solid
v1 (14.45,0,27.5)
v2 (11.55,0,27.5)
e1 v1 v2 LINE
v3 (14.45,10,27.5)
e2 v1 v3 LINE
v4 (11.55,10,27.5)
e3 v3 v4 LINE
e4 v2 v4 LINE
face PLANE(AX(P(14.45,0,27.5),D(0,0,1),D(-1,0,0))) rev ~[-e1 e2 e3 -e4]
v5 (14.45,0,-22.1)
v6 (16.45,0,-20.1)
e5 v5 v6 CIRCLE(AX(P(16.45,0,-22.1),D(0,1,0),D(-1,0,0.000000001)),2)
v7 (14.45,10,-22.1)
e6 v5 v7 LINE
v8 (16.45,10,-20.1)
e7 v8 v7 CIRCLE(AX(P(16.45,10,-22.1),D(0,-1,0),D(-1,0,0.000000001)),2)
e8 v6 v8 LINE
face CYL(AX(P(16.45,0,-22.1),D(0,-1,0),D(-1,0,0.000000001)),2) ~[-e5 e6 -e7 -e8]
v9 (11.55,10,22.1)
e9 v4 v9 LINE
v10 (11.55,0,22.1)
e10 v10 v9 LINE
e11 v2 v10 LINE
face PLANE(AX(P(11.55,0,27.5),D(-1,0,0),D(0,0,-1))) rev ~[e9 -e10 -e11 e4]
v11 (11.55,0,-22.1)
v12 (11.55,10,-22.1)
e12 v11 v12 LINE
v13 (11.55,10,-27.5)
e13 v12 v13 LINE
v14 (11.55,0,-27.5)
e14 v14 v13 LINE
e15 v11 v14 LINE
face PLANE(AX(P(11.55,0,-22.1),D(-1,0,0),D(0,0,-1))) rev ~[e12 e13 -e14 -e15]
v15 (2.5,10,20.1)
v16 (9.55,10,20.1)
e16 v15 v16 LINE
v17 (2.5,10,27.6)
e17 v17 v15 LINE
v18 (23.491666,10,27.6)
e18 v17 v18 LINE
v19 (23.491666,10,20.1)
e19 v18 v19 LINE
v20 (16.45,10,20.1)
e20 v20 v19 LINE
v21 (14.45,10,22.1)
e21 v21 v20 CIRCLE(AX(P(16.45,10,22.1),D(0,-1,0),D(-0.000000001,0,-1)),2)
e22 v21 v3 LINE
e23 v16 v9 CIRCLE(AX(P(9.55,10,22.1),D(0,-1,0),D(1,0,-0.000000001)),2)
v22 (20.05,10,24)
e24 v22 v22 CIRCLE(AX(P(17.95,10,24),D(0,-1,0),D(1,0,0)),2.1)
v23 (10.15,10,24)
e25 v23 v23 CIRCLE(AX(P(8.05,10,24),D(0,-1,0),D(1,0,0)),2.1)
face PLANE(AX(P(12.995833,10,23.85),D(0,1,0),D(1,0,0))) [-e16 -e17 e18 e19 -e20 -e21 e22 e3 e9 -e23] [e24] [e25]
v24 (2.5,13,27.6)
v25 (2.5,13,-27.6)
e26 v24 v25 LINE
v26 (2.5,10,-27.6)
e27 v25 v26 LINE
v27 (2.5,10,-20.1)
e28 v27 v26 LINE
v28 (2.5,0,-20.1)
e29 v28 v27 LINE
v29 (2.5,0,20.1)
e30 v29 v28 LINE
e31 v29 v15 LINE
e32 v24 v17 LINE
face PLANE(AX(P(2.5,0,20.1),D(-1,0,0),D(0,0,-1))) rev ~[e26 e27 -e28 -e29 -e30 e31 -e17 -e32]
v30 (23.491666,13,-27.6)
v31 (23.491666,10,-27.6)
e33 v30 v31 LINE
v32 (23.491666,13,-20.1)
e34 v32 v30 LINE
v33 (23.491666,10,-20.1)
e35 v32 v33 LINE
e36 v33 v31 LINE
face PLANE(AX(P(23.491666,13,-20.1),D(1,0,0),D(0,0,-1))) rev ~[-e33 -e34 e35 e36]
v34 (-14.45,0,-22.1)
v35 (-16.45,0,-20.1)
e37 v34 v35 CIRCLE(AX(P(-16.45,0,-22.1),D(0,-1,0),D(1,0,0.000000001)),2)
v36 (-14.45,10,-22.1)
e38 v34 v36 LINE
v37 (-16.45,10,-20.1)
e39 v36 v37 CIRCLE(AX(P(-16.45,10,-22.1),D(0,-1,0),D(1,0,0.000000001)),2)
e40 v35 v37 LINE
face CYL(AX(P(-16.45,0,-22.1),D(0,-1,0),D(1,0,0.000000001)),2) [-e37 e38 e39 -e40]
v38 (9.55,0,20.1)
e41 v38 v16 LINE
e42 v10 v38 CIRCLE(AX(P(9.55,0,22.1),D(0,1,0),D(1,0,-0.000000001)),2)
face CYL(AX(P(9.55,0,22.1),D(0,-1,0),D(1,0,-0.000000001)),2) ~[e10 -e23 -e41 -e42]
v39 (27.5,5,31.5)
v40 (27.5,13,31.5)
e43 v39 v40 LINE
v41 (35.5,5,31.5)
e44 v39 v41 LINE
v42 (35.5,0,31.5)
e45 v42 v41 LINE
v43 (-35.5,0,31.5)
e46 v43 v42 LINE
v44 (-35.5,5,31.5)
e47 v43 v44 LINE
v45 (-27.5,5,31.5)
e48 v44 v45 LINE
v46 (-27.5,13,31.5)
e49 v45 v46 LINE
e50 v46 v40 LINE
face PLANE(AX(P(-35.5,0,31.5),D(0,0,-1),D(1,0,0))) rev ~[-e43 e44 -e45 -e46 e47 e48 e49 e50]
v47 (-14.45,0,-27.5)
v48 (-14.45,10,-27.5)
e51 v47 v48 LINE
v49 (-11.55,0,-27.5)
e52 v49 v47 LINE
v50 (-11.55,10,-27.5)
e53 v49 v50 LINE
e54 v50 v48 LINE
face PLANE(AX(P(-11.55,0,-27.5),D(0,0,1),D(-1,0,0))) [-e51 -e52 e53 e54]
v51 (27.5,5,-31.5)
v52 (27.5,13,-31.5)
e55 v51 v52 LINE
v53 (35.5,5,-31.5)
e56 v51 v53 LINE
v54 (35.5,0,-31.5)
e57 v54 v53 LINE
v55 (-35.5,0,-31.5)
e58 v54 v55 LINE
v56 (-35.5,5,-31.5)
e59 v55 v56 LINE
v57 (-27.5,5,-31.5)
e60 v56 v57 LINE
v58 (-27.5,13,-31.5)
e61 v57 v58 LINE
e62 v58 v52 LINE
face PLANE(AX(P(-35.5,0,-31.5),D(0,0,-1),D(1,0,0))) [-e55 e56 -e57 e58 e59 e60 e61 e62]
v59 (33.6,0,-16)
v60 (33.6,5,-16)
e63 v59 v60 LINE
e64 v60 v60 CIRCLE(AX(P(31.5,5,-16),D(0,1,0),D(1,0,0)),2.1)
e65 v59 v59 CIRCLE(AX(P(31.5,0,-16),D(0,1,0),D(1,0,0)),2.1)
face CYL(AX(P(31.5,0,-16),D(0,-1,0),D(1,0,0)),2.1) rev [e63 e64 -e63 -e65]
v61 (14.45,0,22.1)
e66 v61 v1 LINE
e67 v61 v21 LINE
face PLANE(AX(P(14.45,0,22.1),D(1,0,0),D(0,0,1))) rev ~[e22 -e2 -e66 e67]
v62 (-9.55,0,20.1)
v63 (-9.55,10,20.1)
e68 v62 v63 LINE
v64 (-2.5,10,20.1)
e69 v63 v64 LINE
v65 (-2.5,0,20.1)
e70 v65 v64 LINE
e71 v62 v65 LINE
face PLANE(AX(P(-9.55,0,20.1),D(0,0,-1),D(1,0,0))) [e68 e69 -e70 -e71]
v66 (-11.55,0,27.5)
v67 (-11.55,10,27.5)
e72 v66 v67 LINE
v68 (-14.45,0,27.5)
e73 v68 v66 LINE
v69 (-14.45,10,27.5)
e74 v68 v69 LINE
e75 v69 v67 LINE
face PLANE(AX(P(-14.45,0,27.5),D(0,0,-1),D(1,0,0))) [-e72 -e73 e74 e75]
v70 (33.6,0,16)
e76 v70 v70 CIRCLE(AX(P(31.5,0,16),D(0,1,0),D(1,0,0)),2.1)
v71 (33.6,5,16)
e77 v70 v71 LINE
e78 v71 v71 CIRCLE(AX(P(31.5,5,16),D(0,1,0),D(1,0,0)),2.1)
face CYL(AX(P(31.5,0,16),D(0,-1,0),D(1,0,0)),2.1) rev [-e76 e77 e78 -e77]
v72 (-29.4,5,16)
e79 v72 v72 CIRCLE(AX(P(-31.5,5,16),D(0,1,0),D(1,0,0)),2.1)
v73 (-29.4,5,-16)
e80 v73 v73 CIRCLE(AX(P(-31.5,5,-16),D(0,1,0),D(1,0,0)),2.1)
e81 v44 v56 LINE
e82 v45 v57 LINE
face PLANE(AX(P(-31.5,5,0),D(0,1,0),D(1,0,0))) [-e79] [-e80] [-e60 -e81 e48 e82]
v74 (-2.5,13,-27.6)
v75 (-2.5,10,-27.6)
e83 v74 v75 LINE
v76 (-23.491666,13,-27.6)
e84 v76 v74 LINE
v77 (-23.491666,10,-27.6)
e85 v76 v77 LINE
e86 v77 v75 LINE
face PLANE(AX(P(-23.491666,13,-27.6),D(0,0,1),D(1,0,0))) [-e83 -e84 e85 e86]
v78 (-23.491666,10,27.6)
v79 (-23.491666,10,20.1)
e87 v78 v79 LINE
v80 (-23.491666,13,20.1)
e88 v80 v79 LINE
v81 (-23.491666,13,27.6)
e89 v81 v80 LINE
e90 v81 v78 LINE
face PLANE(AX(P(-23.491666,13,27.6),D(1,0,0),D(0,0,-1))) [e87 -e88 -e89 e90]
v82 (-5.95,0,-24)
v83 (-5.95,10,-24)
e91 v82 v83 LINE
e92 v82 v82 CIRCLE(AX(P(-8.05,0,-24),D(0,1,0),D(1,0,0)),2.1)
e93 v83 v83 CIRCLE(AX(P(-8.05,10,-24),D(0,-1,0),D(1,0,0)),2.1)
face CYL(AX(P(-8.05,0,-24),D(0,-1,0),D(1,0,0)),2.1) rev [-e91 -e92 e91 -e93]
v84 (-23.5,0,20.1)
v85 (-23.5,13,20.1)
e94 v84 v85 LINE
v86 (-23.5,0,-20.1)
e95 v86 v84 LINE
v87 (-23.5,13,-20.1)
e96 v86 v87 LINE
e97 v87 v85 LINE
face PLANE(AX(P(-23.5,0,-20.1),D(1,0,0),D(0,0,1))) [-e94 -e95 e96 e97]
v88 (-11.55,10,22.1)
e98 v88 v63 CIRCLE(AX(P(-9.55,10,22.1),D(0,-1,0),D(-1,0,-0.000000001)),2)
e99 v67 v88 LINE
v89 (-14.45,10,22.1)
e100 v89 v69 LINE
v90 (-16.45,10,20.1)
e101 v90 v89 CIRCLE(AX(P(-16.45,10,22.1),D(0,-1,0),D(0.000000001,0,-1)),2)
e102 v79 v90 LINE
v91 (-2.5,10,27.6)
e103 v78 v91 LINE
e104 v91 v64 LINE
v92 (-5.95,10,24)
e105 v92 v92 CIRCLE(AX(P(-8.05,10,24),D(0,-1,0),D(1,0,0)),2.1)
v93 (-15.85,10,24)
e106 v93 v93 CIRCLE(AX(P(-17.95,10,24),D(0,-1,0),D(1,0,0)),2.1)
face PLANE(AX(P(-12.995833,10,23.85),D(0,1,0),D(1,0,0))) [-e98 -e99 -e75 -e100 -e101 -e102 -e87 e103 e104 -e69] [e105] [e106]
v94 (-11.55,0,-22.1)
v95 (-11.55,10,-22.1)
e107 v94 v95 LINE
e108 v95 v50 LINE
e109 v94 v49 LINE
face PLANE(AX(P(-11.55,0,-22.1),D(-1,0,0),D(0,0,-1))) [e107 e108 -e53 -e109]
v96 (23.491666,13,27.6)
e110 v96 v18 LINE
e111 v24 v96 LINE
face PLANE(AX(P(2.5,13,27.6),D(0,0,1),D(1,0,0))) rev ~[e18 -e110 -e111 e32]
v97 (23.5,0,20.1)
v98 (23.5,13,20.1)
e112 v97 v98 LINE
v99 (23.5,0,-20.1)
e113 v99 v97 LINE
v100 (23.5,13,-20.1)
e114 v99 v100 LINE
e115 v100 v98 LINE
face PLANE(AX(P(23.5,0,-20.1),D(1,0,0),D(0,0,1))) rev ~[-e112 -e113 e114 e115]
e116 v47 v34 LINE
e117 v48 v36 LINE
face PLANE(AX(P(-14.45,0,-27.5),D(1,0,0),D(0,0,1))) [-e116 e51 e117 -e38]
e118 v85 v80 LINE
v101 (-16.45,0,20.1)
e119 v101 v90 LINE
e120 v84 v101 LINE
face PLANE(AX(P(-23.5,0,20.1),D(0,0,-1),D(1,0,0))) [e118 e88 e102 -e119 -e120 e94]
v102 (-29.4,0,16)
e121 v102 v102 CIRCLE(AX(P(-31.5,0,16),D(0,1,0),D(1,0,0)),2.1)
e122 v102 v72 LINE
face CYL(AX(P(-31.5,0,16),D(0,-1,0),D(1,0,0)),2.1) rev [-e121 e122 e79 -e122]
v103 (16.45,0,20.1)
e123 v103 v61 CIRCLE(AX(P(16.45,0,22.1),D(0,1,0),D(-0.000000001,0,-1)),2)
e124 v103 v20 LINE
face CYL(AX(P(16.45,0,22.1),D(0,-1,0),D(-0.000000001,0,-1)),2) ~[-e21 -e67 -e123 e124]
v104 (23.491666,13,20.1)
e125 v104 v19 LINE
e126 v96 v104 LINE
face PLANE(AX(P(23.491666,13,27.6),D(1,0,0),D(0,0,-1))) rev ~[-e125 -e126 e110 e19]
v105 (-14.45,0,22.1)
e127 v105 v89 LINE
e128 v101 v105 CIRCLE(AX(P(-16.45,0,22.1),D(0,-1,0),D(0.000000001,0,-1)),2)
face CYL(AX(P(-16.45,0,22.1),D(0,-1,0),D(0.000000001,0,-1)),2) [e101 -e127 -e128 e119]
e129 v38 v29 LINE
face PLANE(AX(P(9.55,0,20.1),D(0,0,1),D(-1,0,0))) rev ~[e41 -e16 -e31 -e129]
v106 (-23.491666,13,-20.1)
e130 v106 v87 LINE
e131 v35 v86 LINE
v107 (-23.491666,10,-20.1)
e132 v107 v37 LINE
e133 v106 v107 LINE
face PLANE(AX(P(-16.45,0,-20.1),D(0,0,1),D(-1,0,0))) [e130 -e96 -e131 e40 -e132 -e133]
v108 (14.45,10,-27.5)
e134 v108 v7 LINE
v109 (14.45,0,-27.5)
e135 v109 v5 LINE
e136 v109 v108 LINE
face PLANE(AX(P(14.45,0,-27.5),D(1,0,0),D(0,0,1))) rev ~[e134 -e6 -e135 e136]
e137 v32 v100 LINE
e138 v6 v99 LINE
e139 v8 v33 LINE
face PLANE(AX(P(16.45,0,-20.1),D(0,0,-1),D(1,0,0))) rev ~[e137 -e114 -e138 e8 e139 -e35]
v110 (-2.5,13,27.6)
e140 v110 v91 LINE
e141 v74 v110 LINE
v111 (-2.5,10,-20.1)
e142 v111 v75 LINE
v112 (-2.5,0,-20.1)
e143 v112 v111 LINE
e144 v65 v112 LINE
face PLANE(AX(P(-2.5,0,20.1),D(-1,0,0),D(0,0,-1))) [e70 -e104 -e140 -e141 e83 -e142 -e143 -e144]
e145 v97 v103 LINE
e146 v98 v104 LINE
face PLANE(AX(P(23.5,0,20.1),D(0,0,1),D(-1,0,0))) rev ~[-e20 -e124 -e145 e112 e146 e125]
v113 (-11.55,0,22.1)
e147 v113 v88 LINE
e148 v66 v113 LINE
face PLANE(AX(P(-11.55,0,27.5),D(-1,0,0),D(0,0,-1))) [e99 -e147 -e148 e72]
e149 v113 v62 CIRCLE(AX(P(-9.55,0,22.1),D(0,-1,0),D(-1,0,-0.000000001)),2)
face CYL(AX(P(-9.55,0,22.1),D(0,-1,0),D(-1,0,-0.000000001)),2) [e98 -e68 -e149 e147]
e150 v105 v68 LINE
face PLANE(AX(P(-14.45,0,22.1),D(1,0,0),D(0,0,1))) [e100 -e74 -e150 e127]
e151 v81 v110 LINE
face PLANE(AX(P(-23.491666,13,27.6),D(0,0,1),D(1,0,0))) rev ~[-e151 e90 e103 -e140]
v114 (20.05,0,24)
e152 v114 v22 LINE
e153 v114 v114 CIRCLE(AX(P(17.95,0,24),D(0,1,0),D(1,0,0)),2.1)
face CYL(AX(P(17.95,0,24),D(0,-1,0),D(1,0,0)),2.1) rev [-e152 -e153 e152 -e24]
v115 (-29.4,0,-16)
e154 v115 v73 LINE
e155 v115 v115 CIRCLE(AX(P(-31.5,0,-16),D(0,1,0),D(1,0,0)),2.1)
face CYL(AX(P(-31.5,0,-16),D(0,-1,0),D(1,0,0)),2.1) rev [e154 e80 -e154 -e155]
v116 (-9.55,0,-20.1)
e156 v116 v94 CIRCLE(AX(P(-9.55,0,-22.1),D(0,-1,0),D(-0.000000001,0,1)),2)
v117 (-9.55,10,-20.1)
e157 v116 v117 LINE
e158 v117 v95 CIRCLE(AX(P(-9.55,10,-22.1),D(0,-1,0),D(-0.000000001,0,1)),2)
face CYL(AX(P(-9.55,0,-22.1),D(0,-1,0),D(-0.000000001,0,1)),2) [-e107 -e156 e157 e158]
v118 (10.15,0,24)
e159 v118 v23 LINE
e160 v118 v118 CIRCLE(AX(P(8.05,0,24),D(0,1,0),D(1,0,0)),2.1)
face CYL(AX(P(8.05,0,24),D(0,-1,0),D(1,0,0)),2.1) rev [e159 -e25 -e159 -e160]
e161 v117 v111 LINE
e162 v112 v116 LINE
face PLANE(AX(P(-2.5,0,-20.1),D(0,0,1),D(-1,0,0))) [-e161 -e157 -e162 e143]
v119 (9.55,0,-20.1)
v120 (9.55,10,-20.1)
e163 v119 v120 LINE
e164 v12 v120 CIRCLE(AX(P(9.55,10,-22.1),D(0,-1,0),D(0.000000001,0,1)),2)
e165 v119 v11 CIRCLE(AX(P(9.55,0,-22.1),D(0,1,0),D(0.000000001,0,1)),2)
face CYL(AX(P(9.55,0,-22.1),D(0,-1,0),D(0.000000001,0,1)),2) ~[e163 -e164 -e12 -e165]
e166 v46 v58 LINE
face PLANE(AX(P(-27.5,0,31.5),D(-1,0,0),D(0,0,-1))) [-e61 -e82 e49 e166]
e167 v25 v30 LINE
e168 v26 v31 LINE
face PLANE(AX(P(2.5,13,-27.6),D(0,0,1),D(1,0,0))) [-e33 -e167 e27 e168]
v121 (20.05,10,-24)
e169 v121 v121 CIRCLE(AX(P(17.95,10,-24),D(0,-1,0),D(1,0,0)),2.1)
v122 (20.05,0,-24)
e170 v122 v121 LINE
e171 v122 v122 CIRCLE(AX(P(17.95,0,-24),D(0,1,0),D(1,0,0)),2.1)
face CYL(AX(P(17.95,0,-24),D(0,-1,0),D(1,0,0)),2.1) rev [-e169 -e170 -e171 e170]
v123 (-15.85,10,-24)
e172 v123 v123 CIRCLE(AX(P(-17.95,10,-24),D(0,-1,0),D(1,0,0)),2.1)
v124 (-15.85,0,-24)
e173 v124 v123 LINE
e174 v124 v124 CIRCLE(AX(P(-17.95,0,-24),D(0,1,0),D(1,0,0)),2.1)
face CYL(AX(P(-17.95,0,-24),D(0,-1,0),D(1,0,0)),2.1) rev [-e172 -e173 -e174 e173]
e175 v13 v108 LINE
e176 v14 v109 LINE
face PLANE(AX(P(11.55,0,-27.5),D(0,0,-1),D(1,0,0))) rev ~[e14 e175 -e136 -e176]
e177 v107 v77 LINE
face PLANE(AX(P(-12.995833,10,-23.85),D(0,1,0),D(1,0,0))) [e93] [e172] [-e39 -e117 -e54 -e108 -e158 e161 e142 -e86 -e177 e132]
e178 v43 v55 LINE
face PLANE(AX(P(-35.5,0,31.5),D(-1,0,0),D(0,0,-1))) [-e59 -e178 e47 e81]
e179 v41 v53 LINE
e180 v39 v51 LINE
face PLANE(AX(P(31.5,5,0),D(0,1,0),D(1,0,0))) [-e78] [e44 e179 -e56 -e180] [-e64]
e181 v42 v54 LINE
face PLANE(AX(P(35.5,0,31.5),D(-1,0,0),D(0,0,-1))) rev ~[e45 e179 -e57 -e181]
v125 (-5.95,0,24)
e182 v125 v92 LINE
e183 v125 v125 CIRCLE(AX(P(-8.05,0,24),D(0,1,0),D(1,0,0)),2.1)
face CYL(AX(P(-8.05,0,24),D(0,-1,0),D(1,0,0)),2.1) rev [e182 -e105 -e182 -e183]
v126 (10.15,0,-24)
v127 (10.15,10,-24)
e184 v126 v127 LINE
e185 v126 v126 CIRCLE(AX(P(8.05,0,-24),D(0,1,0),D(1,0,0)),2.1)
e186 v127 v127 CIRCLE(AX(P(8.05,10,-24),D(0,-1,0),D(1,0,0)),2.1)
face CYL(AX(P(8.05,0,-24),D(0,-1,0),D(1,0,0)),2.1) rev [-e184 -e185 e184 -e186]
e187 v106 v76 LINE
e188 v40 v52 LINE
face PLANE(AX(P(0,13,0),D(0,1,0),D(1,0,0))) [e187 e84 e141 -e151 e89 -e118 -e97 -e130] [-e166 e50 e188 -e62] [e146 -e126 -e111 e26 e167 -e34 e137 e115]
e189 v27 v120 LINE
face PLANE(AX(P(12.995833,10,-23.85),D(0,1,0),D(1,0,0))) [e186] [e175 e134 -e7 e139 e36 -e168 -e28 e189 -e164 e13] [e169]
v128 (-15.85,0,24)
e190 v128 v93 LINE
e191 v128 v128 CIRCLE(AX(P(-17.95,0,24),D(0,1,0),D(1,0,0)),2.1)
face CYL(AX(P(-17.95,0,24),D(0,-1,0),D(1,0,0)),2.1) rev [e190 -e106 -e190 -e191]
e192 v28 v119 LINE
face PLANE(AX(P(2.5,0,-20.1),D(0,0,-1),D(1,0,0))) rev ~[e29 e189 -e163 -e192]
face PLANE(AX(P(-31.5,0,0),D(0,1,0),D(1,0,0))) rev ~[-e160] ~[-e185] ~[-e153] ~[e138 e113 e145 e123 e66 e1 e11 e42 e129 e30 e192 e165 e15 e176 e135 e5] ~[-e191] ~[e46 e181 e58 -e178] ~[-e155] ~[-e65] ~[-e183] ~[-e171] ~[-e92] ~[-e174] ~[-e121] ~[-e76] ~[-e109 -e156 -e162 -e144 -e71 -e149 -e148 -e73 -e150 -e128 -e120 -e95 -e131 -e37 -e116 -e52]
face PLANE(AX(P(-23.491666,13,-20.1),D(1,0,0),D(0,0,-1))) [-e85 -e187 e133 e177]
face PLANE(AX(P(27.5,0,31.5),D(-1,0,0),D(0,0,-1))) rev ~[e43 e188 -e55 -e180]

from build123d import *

# Parameters (mm, degrees)
SKETCH2_W           = 55
SKETCH2_H           = 63
SKETCH2_R           = 2.1
BOSS_EXTRUDE1_DEPTH = 13
SKETCH3_W           = 20.991665644
SKETCH3_H           = 7.5
CUT_EXTRUDE1_DEPTH  = 3
SKETCH2_3_W         = 8
SKETCH2_3_H         = 63
SKETCH2_3_R         = 2.1
BOSS_EXTRUDE2_DEPTH = 5


with BuildPart() as part:
    # Sketch2 → Boss-Extrude1 (new body)
    with BuildSketch(Plane(origin=(0, 0, 0), x_dir=(1, 0, 0), z_dir=(0, 1, 0))):
        Rectangle(SKETCH2_W, SKETCH2_H)
        with Locations((-17.95, -24)):
            Circle(SKETCH2_R, mode=Mode.SUBTRACT)
        with Locations((-8.05, -24)):
            Circle(SKETCH2_R, mode=Mode.SUBTRACT)
        with Locations((8.05, -24)):
            Circle(SKETCH2_R, mode=Mode.SUBTRACT)
        with Locations((17.95, -24)):
            Circle(SKETCH2_R, mode=Mode.SUBTRACT)
        with BuildLine():
            Line((14.45, -27.5), (11.55, -27.5))
            Line((11.55, -27.5), (11.55, -22.1))
            ThreePointArc((11.55, -22.1), (10.964213562, -20.685786438), (9.55, -20.1))
            Line((9.55, -20.1), (2.5, -20.1))
            Line((2.5, -20.1), (2.5, 20.1))
            Line((2.5, 20.1), (9.55, 20.1))
            ThreePointArc((9.55, 20.1), (10.964213562, 20.685786438), (11.55, 22.1))
            Line((11.55, 22.1), (11.55, 27.5))
            Line((11.55, 27.5), (14.45, 27.5))
            Line((14.45, 27.5), (14.45, 22.1))
            ThreePointArc((14.45, 22.1), (15.035786438, 20.685786438), (16.45, 20.1))
            Line((16.45, 20.1), (23.5, 20.1))
            Line((23.5, 20.1), (23.5, -20.1))
            Line((23.5, -20.1), (16.45, -20.1))
            ThreePointArc((16.45, -20.1), (15.035786438, -20.685786438), (14.45, -22.1))
            Line((14.45, -22.1), (14.45, -27.5))
        make_face(mode=Mode.SUBTRACT)
        with BuildLine():
            Line((-23.5, 20.1), (-16.45, 20.1))
            ThreePointArc((-16.45, 20.1), (-15.035786438, 20.685786438), (-14.45, 22.1))
            Line((-14.45, 22.1), (-14.45, 27.5))
            Line((-14.45, 27.5), (-11.55, 27.5))
            Line((-11.55, 27.5), (-11.55, 22.1))
            ThreePointArc((-11.55, 22.1), (-10.964213562, 20.685786438), (-9.55, 20.1))
            Line((-9.55, 20.1), (-2.5, 20.1))
            Line((-2.5, 20.1), (-2.5, -20.1))
            Line((-2.5, -20.1), (-9.55, -20.1))
            ThreePointArc((-9.55, -20.1), (-10.964213562, -20.685786438), (-11.55, -22.1))
            Line((-11.55, -22.1), (-11.55, -27.5))
            Line((-11.55, -27.5), (-14.45, -27.5))
            Line((-14.45, -27.5), (-14.45, -22.1))
            ThreePointArc((-14.45, -22.1), (-15.035786438, -20.685786438), (-16.45, -20.1))
            Line((-16.45, -20.1), (-23.5, -20.1))
            Line((-23.5, -20.1), (-23.5, 20.1))
        make_face(mode=Mode.SUBTRACT)
        with Locations((-17.95, 24)):
            Circle(SKETCH2_R, mode=Mode.SUBTRACT)
        with Locations((-8.05, 24)):
            Circle(SKETCH2_R, mode=Mode.SUBTRACT)
        with Locations((8.05, 24)):
            Circle(SKETCH2_R, mode=Mode.SUBTRACT)
        with Locations((17.95, 24)):
            Circle(SKETCH2_R, mode=Mode.SUBTRACT)
    extrude(amount=BOSS_EXTRUDE1_DEPTH)

    # Sketch3 → Cut-Extrude1 (cut)
    with BuildSketch(Plane(origin=(0, 13, 0), x_dir=(1, 0, 0), z_dir=(0, 1, 0))):
        with Locations((12.995832822, 23.85)):
            Rectangle(SKETCH3_W, SKETCH3_H)
        with Locations((12.995832822, -23.85)):
            Rectangle(SKETCH3_W, SKETCH3_H)
        with Locations((-12.995832822, -23.85)):
            Rectangle(SKETCH3_W, SKETCH3_H)
        with Locations((-12.995832822, 23.85)):
            Rectangle(SKETCH3_W, SKETCH3_H)
    extrude(amount=-CUT_EXTRUDE1_DEPTH, mode=Mode.SUBTRACT)

    # Sketch2<3> → Boss-Extrude2 (add)
    # profile 1 of 2: a face of its own
    with BuildSketch(Plane(origin=(0, 0, 0), x_dir=(1, 0, 0), z_dir=(0, 1, 0))):
        with Locations((-31.5, 0)):
            Rectangle(SKETCH2_3_W, SKETCH2_3_H)
        with Locations((-31.5, -16)):
            Circle(SKETCH2_3_R, mode=Mode.SUBTRACT)
        with Locations((-31.5, 16)):
            Circle(SKETCH2_3_R, mode=Mode.SUBTRACT)
    # profile 2 of 2: a face of its own
    with BuildSketch(Plane(origin=(0, 0, 0), x_dir=(1, 0, 0), z_dir=(0, 1, 0))):
        with Locations((31.5, 0)):
            Rectangle(SKETCH2_3_W, SKETCH2_3_H)
        with Locations((31.5, -16)):
            Circle(SKETCH2_3_R, mode=Mode.SUBTRACT)
        with Locations((31.5, 16)):
            Circle(SKETCH2_3_R, mode=Mode.SUBTRACT)
    extrude(amount=BOSS_EXTRUDE2_DEPTH)


solid = part.part
